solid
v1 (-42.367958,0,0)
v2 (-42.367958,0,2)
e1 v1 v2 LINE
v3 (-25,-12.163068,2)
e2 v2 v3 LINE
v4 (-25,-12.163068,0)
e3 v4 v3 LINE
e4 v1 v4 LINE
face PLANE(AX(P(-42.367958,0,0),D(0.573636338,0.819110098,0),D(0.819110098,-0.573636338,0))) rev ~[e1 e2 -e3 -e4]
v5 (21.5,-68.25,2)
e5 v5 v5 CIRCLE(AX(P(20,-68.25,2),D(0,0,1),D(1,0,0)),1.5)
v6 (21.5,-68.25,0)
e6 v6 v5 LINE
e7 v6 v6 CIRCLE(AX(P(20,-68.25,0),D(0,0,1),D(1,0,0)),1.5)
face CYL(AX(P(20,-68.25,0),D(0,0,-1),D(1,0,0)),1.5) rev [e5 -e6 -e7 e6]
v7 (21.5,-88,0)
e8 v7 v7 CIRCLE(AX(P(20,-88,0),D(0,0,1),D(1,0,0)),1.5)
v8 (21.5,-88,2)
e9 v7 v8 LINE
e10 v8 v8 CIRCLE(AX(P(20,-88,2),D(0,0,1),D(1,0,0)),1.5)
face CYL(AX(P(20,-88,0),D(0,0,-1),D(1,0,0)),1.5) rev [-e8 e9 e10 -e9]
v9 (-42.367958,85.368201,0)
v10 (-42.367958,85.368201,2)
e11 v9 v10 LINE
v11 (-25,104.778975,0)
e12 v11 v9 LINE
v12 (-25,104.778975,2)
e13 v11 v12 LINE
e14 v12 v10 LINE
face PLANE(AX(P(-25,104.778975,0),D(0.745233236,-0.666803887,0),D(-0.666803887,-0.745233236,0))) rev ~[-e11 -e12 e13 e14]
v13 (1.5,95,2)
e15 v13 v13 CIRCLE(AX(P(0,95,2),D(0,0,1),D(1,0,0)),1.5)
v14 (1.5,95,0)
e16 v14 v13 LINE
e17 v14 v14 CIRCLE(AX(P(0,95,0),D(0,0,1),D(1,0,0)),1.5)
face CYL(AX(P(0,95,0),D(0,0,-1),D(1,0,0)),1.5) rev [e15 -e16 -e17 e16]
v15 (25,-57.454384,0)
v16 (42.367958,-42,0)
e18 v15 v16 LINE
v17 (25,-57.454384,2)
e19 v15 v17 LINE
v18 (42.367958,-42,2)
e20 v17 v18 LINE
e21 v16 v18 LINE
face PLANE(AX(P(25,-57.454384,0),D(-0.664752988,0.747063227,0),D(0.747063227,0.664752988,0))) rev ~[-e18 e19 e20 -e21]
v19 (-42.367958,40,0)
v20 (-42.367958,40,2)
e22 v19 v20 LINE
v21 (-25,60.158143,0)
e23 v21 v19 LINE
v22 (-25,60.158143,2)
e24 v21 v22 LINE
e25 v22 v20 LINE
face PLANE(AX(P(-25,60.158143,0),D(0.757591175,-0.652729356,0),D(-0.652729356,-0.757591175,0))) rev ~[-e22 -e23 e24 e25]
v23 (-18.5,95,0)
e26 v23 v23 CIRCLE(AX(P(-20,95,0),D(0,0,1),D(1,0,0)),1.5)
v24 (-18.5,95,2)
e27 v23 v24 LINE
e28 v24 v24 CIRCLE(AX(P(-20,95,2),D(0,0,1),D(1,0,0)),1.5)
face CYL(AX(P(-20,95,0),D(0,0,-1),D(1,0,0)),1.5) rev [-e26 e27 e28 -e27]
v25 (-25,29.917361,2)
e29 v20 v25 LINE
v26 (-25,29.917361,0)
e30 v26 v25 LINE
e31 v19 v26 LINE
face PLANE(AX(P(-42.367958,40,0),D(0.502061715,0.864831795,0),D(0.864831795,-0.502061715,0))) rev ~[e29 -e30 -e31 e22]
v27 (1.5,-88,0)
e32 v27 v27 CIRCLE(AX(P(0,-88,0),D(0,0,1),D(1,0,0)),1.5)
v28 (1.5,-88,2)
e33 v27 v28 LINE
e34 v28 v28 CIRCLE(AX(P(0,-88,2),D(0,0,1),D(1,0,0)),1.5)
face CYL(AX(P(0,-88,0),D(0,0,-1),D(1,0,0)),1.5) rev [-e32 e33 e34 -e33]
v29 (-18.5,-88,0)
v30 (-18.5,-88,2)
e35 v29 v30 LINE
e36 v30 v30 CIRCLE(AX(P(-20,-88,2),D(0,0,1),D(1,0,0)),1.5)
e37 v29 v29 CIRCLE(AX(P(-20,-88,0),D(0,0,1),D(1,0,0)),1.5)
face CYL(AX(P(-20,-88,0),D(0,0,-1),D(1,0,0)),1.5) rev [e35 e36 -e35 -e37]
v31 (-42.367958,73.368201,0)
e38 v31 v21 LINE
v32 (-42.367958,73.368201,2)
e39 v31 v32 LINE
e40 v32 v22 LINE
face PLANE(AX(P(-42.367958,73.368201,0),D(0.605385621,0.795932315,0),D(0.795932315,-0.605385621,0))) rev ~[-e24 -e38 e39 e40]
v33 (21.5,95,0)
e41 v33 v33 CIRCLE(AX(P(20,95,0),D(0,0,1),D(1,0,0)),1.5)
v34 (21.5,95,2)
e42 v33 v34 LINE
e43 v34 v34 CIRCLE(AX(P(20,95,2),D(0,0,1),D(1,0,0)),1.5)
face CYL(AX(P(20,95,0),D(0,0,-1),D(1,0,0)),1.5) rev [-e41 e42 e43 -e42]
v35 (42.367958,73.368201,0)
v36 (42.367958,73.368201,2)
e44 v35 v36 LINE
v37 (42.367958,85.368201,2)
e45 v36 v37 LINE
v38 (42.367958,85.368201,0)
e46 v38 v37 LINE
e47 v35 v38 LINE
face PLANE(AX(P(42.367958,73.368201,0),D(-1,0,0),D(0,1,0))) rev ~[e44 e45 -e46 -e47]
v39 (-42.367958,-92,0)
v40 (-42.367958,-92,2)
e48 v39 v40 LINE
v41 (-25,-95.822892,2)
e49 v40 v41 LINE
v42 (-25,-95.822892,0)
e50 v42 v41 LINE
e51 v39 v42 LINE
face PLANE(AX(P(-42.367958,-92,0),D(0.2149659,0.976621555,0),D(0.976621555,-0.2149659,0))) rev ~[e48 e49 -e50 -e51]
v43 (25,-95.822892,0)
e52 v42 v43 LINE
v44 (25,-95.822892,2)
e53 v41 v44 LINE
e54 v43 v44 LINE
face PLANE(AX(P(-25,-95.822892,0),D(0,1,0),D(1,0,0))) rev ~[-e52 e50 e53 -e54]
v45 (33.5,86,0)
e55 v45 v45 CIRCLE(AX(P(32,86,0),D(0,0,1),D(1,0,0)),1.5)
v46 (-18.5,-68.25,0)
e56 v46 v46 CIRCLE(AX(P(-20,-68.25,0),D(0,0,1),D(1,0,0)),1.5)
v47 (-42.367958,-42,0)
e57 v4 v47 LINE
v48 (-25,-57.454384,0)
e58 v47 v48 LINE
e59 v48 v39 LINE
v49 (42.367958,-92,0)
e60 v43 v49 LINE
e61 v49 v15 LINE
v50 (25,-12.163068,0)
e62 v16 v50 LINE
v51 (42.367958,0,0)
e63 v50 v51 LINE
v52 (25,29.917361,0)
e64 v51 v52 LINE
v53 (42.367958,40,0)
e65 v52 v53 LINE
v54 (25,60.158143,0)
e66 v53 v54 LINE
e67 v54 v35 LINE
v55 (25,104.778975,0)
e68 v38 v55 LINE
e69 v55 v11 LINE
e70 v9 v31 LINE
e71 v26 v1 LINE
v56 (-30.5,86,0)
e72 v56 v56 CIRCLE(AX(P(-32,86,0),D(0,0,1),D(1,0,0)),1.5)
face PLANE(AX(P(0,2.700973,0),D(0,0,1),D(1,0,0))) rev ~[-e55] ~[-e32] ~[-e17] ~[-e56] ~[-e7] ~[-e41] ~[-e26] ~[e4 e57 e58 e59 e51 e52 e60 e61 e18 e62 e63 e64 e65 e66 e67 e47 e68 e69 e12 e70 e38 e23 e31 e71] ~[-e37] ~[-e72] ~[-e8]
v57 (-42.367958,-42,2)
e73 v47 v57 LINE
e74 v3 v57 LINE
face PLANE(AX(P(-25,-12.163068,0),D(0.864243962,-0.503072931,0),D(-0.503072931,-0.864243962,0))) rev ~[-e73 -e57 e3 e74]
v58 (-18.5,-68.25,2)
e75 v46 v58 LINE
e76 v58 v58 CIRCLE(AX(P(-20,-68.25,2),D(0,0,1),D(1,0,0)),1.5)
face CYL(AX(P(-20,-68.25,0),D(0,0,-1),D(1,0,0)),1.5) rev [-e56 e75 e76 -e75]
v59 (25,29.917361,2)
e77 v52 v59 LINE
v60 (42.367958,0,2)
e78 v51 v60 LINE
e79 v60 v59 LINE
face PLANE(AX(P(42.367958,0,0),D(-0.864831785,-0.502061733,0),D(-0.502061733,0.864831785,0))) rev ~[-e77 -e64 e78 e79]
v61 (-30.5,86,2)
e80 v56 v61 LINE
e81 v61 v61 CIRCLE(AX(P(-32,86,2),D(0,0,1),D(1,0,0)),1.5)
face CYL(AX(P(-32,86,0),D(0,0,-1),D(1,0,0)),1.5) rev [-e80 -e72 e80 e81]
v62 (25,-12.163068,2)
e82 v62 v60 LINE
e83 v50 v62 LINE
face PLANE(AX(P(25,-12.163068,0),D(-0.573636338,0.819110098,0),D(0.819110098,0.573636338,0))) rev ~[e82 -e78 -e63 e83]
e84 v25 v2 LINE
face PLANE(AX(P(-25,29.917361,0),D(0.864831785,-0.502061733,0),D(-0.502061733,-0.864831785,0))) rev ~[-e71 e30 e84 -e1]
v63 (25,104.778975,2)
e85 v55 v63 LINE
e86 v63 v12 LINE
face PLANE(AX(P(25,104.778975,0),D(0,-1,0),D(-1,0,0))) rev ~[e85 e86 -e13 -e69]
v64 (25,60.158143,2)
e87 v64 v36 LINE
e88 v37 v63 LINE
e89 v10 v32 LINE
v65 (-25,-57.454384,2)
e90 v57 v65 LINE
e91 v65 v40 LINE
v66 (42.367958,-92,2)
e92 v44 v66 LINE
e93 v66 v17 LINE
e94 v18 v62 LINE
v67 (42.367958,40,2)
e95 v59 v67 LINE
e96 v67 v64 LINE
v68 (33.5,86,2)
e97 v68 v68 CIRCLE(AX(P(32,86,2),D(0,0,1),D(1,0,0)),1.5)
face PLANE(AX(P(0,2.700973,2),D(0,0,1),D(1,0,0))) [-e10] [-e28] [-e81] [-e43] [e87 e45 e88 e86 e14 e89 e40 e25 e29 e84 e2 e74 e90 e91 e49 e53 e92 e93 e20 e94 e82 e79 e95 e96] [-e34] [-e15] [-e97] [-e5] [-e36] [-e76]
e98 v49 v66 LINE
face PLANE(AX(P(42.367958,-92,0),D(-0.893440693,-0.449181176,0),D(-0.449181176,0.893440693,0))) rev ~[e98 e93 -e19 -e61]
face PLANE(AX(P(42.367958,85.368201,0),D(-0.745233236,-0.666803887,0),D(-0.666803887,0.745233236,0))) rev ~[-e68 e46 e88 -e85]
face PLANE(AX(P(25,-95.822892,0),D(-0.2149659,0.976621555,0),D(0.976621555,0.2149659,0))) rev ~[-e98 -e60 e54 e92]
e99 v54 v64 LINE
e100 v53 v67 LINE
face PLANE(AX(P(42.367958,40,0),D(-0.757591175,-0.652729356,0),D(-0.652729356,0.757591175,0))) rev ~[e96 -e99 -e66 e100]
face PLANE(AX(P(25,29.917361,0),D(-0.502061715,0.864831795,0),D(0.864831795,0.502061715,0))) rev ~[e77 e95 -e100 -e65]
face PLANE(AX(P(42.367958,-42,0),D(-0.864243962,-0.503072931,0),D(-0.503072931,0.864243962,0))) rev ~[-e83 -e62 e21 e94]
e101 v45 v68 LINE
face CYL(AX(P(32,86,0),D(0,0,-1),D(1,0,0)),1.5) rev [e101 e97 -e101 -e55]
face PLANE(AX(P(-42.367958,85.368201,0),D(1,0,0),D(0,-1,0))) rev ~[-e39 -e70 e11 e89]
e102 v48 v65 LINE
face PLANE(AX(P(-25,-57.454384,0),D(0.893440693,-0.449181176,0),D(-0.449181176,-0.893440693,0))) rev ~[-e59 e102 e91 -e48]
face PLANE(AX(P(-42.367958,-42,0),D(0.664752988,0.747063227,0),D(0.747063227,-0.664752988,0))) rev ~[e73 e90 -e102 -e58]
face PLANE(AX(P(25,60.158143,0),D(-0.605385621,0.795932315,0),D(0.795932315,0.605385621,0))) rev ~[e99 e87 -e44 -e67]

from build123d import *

# Parameters (mm, degrees)
F0_R     = 1.5
F1_DEPTH = 2


with BuildPart() as f1:
    # F0 (on Top) → F1 (new body)
    with BuildSketch(Plane.XY):
        Polygon((-42.367958, -92), (-25, -95.822892), (25, -95.822892), (42.367958, -92), (25, -57.454384), (42.367958, -42), (25, -12.163068), (42.367958, 0), (25, 29.917361), (42.367958, 40), (25, 60.158143), (42.367958, 73.368201), (42.367958, 85.368201), (25, 104.778975), (-25, 104.778975), (-42.367958, 85.368201), (-42.367958, 73.368201), (-25, 60.158143), (-42.367958, 40), (-25, 29.917361), (-42.367958, 0), (-25, -12.163068), (-42.367958, -42), (-25, -57.454384), align=None)
        with Locations((-20, -88)):
            Circle(F0_R, mode=Mode.SUBTRACT)
        with Locations((-20, -68.25)):
            Circle(F0_R, mode=Mode.SUBTRACT)
        with Locations((0, -88)):
            Circle(F0_R, mode=Mode.SUBTRACT)
        with Locations((20, -88)):
            Circle(F0_R, mode=Mode.SUBTRACT)
        with Locations((20, -68.25)):
            Circle(F0_R, mode=Mode.SUBTRACT)
        with Locations((-32, 86)):
            Circle(F0_R, mode=Mode.SUBTRACT)
        with Locations((-20, 95)):
            Circle(F0_R, mode=Mode.SUBTRACT)
        with Locations((0, 95)):
            Circle(F0_R, mode=Mode.SUBTRACT)
        with Locations((20, 95)):
            Circle(F0_R, mode=Mode.SUBTRACT)
        with Locations((32, 86)):
            Circle(F0_R, mode=Mode.SUBTRACT)
    extrude(amount=F1_DEPTH)


solid = f1.part
